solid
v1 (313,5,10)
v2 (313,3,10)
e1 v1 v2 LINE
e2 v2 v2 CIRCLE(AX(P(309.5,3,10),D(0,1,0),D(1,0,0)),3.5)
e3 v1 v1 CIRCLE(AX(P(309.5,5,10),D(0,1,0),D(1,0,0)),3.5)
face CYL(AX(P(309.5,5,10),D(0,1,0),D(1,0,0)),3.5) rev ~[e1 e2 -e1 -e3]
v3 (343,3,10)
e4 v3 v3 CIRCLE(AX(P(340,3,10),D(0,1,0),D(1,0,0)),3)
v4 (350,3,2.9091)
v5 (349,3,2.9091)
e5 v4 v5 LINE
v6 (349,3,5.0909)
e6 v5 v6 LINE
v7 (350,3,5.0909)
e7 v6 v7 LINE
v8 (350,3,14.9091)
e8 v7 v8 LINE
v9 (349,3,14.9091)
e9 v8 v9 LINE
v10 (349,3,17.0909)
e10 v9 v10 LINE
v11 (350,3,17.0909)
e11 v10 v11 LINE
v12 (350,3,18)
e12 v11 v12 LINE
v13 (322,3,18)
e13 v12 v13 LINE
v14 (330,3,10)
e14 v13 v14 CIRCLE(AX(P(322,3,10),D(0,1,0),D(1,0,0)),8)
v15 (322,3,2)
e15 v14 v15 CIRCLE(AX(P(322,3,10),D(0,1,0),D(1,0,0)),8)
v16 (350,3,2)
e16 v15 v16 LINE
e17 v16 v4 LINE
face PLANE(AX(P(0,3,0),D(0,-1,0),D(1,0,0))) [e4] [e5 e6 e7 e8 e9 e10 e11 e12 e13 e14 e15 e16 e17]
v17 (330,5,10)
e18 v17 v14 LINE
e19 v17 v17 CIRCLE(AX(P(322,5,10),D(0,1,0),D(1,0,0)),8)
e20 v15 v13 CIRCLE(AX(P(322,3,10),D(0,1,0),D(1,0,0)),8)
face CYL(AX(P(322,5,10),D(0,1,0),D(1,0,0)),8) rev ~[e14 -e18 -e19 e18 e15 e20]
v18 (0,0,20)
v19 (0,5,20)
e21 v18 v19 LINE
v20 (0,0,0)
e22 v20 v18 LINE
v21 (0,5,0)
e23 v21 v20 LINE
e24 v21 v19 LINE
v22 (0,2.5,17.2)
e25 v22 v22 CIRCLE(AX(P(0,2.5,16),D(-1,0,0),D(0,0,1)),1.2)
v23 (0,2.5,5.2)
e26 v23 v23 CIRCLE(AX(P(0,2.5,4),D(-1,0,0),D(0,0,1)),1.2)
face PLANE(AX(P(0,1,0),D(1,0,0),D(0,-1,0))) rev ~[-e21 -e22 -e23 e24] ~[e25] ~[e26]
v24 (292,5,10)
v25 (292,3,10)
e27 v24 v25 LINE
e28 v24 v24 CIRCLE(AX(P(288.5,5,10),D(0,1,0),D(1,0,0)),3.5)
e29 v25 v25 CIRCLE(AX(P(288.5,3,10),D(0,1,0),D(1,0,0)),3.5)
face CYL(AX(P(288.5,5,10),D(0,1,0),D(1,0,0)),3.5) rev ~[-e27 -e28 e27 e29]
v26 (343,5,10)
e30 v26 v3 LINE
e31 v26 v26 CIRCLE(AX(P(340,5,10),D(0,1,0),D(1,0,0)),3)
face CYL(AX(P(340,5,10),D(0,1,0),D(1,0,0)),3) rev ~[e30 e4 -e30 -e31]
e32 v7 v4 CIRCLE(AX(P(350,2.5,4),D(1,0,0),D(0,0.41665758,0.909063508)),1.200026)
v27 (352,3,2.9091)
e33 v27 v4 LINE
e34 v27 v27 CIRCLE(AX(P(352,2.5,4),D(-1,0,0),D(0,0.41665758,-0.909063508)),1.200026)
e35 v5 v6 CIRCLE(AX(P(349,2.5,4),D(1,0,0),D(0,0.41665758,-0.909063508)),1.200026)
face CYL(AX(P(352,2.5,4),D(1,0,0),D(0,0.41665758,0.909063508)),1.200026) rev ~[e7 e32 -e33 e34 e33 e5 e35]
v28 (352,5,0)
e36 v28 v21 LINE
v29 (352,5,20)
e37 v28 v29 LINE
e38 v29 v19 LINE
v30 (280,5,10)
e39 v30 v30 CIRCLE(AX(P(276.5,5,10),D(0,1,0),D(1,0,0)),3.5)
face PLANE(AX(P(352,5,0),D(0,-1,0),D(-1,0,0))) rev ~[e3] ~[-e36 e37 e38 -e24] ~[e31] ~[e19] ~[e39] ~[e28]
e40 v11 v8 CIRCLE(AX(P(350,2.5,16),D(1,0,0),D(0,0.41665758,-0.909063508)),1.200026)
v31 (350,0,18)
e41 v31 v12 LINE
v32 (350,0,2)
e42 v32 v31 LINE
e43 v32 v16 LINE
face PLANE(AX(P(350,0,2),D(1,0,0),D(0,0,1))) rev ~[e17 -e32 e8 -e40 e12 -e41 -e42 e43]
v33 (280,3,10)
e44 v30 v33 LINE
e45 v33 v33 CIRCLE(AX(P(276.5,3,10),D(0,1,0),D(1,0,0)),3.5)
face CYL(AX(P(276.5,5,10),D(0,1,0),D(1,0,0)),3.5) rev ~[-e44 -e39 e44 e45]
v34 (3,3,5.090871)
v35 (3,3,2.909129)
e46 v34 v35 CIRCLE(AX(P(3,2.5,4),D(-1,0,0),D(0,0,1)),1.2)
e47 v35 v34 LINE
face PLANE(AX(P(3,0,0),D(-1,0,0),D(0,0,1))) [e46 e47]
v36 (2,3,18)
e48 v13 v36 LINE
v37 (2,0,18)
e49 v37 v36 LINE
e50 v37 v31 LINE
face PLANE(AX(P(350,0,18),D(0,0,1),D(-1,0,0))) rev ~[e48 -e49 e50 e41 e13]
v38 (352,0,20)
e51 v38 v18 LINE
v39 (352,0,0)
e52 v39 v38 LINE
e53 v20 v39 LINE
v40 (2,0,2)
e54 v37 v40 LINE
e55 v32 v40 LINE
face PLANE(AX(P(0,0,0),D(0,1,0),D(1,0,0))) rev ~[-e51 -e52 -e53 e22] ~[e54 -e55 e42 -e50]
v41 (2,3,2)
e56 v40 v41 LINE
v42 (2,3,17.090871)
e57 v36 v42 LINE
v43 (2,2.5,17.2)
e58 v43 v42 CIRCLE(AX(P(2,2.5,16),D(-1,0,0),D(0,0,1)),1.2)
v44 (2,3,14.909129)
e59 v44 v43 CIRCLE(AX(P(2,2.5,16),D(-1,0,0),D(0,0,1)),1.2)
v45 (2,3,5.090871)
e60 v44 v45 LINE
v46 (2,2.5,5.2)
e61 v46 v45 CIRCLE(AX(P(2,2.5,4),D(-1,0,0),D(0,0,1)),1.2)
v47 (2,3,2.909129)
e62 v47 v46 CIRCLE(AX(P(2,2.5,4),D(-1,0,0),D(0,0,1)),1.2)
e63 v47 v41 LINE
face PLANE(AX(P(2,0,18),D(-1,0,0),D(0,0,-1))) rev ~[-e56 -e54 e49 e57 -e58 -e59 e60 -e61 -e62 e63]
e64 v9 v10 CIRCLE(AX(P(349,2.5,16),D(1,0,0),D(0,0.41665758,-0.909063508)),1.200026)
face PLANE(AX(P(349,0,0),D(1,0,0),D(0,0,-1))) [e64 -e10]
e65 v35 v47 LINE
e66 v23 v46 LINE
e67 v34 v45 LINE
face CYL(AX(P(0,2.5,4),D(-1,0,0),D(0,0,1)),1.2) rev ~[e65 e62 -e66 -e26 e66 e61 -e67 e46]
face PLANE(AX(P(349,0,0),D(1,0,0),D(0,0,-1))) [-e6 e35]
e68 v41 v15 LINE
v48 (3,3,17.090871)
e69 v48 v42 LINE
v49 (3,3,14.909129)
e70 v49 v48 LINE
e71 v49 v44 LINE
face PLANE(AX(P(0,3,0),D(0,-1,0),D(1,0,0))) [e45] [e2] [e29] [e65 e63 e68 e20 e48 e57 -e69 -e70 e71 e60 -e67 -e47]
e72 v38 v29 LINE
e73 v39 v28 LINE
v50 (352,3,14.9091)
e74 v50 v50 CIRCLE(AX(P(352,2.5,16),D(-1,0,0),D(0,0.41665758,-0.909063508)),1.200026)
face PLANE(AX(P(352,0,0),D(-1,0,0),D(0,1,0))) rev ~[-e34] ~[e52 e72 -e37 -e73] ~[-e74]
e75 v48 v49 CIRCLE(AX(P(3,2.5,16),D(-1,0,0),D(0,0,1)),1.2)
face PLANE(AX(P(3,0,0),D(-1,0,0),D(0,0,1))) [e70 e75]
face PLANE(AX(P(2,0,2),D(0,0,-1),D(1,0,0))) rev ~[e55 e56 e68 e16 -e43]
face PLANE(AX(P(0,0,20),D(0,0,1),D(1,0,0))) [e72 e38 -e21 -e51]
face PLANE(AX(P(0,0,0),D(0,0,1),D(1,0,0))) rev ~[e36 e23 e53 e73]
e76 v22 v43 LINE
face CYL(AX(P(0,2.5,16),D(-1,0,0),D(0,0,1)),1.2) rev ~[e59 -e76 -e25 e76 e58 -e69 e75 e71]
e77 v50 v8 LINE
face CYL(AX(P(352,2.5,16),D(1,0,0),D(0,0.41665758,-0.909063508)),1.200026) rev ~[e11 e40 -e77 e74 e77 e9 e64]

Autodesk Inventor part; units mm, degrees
ref_plane "YZ Plane" through (0, 0, 0) normal (1, 0, 0) x (0, 1, 0)
ref_plane "XZ Plane" through (0, 0, 0) normal (0, 1, 0) x (-1, 0, 0)
ref_plane "XY Plane" through (0, 0, 0) normal (0, 0, 1) x (1, 0, 0)
sketch "スケッチ1" plane through (0, 0, 0) normal (0, 0, 1) x (1, 0, 0)
  line L0 (0, 0) -> (352, 0)
  line L1 (352, 0) -> (352, 5)
  line L2 (352, 5) -> (0, 5)
  line L3 (0, 5) -> (0, 0)
  line L4 (0, 0) -> (6, 0)
  line L5 (0, 1) -> (0, 0)
  dimension "d0" = 352
  dimension "d1" = 5
extrude "押し出し1" add sketch "スケッチ1" along normal blind 20
sketch "スケッチ3" plane through (0, 0, 0) normal (-1, 0, 0) x (0, 0, 1)
  line L0 (0, 5) -> (0, 0) projected
  line L1 (0, 0) -> (20, 0) projected
  line L2 (20, 5) -> (20, 0) projected
  line L3 (0, 5) -> (20, 5) projected
  circle A0 centre (4, 2.5) radius 1.2
  circle A1 centre (16, 2.5) radius 1.2
  dimension "d14" = 2.4
  dimension "d15" = 2.4
  dimension "d16" = 2.5
  dimension "d17" = 4
  dimension "d18" = 4
  dimension "d19" = 2.5
extrude "押し出し3" cut sketch "スケッチ3" against normal blind 3 contours A0 | A1
sketch "スケッチ4" plane through (0, 0, 0) normal (0, -1, 0) x (1, 0, 0)
  line L0 (0, 0) -> (352, 0) projected
  line L1 (352, 0) -> (352, 20) projected
  line L2 (0, 20) -> (352, 20) projected
  line L3 (0, 0) -> (0, 20) projected
  line L4 (2, 2) -> (350, 2)
  line L5 (350, 2) -> (350, 18)
  line L6 (350, 18) -> (2, 18)
  line L7 (2, 18) -> (2, 2)
  dimension "d22" = 2
  dimension "d23" = 2
  dimension "d24" = 2
  dimension "d25" = 2
extrude "押し出し4" cut sketch "スケッチ4" against normal blind 3 contours L7 L6 L5 L4
sketch "スケッチ5" plane through (0, 5, 0) normal (0, 1, 0) x (1, 0, 0)
  circle A0 centre (322, -10) radius 8 projected
extrude "押し出し5" cut sketch "スケッチ5" against normal through all
sketch "スケッチ6" plane through (0, 5, 0) normal (0, 1, 0) x (1, 0, 0)
  circle A0 centre (340, -10) radius 3 projected
extrude "押し出し6" cut sketch "スケッチ6" against normal through all
sketch "スケッチ7" plane through (0, 5, 0) normal (0, 1, 0) x (1, 0, 0)
  circle A0 centre (309.5, -10) radius 2 projected
  circle A1 centre (288.5, -10) radius 3.5 projected
  circle A2 centre (276.5, -10) radius 3.5 projected
  circle A3 centre (309.5, -10) radius 4.5 projected
  circle A4 centre (309.5, -10) radius 3.25 projected
  circle A5 centre (309.5, -10) radius 3.5 projected
extrude "押し出し7" cut sketch "スケッチ7" against normal through all contours A0 | A1 | A2 | A4 | A5
sketch "スケッチ8" plane through (352, 0, 0) normal (1, 0, 0) x (0, 0, -1)
  arc A0 (-17.0909, 3) -> (-14.9091, 3) centre (-16, 2.5) ccw projected
  arc A1 (-14.9091, 3) -> (-17.0909, 3) centre (-16, 2.5) ccw projected
  arc A2 (-2.9091, 3) -> (-5.0909, 3) centre (-4, 2.5) ccw projected
  arc A3 (-5.0909, 3) -> (-2.9091, 3) centre (-4, 2.5) ccw projected
extrude "押し出し8" cut sketch "スケッチ8" against normal blind 3
properties part number "arm1_L" material "アルミニウム 6061"
